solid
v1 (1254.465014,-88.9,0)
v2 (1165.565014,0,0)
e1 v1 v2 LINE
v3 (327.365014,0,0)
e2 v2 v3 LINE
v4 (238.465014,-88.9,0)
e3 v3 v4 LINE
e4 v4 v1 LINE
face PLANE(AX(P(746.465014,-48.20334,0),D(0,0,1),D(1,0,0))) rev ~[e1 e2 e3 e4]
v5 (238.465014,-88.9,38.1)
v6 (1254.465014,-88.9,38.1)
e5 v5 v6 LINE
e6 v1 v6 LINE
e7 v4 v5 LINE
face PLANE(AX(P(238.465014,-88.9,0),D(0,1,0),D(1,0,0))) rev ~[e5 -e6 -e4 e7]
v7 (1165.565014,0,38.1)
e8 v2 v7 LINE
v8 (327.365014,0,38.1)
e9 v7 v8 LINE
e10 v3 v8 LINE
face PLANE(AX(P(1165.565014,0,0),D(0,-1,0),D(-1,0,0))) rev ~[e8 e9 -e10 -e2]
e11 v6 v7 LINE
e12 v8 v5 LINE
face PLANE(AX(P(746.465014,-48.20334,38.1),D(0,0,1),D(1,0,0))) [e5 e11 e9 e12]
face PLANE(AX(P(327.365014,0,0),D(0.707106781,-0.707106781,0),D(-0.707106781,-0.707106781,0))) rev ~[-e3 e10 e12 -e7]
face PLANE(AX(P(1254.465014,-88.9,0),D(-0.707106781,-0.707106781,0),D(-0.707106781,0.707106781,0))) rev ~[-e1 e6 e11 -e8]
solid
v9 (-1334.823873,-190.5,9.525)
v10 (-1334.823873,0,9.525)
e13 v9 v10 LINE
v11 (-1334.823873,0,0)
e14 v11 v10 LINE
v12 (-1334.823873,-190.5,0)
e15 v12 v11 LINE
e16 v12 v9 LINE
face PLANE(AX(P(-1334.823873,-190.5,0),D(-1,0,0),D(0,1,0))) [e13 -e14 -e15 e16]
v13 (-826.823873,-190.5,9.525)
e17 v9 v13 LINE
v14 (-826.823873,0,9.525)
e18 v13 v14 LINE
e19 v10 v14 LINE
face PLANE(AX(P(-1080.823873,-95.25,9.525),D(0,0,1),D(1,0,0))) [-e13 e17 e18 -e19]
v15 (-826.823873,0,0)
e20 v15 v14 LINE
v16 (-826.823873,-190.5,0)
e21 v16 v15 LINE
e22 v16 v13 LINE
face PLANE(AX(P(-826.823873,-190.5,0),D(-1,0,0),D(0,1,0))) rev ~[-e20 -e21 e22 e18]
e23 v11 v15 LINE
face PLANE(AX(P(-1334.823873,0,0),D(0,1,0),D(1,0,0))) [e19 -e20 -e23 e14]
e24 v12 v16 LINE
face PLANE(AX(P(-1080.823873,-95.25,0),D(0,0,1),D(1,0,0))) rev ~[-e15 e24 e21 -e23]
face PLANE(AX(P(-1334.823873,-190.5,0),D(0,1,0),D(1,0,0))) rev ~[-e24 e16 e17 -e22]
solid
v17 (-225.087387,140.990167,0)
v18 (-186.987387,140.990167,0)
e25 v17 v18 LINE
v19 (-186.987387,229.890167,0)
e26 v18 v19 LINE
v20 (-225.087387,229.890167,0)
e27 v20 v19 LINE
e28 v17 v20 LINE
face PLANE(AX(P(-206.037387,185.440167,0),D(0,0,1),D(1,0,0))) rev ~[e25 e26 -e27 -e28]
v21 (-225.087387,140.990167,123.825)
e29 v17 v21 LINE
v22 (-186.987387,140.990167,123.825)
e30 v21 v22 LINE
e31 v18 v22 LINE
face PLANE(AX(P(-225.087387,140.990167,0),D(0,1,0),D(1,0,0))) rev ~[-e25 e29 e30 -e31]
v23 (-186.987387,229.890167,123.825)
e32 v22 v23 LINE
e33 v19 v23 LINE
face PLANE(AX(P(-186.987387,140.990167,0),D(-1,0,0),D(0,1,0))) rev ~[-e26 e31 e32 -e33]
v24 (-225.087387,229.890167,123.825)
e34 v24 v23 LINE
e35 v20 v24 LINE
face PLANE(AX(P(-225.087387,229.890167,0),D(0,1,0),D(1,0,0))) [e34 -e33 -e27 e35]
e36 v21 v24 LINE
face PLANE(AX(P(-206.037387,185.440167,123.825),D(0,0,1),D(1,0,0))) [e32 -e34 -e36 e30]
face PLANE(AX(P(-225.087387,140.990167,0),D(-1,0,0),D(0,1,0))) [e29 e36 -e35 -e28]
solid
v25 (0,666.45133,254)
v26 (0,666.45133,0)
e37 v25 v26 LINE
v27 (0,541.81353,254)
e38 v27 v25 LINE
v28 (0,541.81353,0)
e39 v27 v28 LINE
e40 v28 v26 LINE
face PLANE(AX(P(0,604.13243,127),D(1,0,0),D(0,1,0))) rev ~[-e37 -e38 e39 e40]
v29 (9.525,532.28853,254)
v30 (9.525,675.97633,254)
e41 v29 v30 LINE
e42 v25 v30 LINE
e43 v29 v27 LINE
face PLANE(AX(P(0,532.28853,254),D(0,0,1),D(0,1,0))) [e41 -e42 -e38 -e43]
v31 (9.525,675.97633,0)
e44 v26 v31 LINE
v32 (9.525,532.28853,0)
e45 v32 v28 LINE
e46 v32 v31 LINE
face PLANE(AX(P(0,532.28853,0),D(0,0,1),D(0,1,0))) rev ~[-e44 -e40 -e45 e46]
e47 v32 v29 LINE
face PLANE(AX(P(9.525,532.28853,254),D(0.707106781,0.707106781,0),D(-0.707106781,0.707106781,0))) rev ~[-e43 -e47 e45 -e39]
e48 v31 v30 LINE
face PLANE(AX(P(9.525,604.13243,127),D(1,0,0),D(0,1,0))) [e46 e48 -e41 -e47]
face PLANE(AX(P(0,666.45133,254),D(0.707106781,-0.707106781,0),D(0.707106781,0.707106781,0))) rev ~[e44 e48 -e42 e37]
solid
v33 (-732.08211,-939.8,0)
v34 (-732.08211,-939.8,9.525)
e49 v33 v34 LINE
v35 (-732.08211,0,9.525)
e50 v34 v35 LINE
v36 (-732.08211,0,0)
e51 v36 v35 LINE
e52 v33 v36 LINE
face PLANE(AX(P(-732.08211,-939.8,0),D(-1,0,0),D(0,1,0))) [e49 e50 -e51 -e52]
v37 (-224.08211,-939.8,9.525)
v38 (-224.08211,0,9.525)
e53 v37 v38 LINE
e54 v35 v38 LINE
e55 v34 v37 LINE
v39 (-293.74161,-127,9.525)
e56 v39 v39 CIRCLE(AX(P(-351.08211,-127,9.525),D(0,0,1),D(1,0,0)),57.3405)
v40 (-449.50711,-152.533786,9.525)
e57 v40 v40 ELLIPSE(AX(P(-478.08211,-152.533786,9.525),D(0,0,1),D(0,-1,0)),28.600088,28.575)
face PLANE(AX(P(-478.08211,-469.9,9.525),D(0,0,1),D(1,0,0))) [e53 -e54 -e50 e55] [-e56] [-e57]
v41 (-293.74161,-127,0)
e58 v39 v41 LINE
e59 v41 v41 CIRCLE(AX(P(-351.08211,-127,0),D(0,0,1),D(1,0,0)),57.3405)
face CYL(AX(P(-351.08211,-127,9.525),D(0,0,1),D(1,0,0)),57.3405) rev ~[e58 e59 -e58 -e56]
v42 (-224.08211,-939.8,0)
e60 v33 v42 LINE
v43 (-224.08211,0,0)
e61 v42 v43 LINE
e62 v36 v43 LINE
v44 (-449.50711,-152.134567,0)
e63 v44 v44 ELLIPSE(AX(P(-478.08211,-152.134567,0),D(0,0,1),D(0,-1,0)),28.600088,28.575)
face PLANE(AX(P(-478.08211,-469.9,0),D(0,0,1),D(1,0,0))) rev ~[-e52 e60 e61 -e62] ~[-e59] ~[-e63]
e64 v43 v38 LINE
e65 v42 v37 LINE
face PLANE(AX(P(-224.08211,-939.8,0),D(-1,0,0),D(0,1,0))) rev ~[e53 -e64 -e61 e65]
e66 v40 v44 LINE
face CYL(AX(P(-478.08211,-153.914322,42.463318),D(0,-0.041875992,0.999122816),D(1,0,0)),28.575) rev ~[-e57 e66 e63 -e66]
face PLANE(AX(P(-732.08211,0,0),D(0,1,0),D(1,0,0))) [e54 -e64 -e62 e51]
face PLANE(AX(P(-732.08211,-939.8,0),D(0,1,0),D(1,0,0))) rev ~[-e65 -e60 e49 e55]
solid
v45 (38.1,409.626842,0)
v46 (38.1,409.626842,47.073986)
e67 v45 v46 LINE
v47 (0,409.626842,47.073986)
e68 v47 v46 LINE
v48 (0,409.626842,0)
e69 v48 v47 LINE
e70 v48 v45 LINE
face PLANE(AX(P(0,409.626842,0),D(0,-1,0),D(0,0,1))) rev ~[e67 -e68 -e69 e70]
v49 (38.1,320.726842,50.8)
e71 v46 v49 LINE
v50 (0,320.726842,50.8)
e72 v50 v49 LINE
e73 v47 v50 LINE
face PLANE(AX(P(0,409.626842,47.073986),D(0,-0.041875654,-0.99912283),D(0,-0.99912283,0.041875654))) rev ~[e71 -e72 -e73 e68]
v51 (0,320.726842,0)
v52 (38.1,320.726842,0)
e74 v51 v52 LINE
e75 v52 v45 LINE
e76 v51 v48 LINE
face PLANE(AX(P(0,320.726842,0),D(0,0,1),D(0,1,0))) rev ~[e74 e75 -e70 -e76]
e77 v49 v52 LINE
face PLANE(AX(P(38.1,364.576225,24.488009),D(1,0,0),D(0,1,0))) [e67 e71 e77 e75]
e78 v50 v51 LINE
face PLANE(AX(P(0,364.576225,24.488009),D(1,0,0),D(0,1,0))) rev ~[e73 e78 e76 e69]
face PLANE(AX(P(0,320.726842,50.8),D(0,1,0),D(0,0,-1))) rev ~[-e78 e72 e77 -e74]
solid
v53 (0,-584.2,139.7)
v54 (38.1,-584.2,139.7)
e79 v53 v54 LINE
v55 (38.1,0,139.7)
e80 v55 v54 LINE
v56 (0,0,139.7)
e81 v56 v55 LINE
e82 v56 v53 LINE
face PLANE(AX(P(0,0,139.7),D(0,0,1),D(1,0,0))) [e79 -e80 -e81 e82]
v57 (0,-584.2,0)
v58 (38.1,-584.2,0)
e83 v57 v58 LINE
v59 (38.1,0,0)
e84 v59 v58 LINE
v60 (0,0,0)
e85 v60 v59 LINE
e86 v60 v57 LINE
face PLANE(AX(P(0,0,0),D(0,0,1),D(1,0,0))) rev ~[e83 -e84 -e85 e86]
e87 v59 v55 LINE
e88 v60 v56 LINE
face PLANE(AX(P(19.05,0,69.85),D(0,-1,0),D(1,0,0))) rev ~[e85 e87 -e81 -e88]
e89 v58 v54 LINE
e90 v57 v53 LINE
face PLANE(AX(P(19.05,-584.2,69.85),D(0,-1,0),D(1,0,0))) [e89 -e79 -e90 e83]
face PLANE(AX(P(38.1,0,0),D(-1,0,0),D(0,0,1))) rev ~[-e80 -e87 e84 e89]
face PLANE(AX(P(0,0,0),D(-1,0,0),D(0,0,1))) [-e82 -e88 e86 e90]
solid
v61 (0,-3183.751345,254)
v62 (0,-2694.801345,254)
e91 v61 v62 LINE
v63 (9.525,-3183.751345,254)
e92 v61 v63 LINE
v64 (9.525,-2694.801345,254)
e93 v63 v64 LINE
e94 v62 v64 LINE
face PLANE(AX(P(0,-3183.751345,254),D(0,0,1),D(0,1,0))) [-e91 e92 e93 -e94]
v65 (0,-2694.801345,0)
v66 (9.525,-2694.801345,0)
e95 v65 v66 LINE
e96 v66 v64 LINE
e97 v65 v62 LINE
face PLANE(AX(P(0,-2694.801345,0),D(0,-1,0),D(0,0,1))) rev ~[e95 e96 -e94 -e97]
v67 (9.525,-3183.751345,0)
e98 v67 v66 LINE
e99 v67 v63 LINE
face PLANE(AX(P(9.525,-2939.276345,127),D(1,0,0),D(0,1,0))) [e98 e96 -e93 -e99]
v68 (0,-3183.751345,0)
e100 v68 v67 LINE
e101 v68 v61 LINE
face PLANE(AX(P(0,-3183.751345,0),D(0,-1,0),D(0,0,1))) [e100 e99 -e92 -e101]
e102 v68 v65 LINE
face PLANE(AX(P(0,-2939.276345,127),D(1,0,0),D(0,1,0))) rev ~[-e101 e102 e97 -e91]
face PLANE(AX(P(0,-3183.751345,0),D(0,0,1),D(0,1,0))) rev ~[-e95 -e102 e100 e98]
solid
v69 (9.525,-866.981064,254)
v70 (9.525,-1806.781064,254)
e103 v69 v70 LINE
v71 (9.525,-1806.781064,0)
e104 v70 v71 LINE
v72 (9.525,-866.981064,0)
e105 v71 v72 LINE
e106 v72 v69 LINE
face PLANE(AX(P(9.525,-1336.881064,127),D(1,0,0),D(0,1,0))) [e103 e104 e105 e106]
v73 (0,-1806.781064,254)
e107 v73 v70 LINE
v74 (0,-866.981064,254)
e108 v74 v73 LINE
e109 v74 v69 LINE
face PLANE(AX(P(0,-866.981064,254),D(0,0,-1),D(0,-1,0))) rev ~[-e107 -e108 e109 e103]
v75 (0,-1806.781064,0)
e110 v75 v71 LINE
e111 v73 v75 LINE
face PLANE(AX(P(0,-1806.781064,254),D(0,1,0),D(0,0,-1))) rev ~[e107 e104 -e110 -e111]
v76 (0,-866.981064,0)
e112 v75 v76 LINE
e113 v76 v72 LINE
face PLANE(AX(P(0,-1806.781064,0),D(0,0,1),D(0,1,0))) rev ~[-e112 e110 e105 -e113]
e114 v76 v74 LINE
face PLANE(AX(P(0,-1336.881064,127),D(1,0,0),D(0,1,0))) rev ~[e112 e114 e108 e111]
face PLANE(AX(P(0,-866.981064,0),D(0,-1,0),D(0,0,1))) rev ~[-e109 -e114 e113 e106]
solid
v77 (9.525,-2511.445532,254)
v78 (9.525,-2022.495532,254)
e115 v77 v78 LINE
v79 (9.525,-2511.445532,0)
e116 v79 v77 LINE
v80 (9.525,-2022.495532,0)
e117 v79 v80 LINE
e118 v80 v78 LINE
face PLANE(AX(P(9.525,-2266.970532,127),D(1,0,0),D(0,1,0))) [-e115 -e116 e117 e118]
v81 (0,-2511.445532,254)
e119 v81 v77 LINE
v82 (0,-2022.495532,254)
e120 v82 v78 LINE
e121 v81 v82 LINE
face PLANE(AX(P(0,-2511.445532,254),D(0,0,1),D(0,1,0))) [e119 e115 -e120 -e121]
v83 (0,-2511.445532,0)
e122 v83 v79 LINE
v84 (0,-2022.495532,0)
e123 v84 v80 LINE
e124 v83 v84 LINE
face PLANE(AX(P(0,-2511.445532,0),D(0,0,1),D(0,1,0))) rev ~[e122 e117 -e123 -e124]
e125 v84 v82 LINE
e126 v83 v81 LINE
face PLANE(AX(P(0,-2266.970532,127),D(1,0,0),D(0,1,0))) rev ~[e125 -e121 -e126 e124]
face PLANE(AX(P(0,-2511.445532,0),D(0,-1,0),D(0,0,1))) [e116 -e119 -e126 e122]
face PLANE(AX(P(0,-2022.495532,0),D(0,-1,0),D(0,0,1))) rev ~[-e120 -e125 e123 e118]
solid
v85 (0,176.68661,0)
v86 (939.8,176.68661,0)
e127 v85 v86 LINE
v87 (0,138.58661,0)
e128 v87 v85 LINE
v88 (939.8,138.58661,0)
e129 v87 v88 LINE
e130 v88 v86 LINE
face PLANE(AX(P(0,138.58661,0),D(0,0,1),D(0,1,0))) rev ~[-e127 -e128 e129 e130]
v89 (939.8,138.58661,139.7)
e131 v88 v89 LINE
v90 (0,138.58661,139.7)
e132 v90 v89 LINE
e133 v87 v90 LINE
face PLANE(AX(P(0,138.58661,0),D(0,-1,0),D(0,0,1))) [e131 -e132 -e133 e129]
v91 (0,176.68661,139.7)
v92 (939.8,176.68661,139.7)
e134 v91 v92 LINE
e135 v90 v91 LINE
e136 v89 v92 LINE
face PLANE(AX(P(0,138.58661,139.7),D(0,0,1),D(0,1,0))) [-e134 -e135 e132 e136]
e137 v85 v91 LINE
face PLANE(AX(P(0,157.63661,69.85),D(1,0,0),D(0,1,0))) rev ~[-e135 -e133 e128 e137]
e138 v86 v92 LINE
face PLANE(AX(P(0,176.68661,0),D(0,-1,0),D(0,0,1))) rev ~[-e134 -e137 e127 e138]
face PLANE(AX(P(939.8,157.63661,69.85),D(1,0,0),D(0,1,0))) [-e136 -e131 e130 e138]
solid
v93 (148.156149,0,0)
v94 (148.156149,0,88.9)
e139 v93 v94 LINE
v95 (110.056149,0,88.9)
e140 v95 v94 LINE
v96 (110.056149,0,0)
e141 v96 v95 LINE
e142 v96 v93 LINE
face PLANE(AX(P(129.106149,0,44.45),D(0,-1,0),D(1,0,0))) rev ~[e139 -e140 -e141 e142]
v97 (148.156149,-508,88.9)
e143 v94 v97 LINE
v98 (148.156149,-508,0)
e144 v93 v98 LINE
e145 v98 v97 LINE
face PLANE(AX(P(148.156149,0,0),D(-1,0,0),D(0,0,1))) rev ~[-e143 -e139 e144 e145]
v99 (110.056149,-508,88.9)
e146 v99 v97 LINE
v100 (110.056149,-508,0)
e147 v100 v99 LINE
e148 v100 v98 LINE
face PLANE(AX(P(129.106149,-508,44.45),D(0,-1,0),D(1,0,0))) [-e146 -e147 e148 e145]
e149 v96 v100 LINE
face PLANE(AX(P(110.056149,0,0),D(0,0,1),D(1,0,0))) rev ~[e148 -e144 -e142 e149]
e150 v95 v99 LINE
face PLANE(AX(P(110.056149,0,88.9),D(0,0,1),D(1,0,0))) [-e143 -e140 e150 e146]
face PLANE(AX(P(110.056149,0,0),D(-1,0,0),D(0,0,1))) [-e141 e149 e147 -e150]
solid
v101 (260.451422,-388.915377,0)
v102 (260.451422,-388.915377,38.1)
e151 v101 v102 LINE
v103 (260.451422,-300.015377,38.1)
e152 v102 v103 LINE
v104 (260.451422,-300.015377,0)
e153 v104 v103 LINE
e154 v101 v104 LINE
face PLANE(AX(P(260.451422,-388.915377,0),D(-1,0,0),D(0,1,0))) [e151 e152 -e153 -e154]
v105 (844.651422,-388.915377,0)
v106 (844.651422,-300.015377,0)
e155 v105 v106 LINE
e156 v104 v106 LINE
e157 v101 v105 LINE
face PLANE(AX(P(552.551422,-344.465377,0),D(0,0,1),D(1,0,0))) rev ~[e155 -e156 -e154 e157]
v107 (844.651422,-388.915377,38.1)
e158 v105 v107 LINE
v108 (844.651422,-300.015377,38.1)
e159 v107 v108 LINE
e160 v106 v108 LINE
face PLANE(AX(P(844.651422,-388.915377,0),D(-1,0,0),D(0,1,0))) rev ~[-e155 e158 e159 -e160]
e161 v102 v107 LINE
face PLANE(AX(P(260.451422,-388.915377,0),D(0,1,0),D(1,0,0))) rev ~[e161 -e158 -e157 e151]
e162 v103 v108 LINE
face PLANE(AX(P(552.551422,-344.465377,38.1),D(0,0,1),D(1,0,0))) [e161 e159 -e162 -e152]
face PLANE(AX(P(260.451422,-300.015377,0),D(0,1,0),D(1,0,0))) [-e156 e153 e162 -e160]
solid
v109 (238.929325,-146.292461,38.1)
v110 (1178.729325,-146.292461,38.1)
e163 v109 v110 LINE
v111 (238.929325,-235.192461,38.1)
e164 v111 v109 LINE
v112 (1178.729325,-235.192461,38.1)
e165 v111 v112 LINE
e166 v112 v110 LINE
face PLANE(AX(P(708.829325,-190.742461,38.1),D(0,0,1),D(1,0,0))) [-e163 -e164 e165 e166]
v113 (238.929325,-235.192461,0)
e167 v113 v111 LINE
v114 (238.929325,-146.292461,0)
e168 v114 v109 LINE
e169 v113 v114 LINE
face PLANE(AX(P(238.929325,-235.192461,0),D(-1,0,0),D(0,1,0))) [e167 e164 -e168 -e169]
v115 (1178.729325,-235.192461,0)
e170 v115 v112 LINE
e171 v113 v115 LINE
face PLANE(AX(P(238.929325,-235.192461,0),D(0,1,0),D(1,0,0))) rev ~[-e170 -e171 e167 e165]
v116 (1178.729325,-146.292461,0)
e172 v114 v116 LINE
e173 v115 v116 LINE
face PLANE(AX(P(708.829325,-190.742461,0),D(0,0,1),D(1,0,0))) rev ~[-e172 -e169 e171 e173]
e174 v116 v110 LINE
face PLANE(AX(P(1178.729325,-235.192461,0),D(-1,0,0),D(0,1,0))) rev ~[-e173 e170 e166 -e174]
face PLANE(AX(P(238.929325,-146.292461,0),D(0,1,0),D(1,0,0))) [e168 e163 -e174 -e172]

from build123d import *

# Parameters (mm, degrees)
F0_W      = 38.1
F0_H      = 139.7
F1_DEPTH  = 584.2
F2_W      = 38.1
F2_H      = 139.7
F3_DEPTH  = 939.8
F4_W      = 38.1
F4_H      = 88.9
F5_DEPTH  = 508
F6_W      = 508
F6_H      = 939.8
F7_DEPTH  = 9.525
F8_W      = 508
F8_H      = 190.5
F9_DEPTH  = 9.525
F11_DEPTH = 9.525
F12_W     = 488.95
F12_H     = 254
F13_DEPTH = 9.525
F14_W     = 488.95
F14_H     = 254
F15_DEPTH = 9.525
F17_DEPTH = 38.1
F18_W     = 939.8
F18_H     = 88.9
F19_DEPTH = 38.1
F20_W     = 584.2
F20_H     = 88.9
F21_DEPTH = 38.1
F22_W     = 38.1
F22_H     = 88.9
F23_DEPTH = 123.825
F25_DEPTH = 38.1
F26_W     = 143.6878
F26_H     = 254
F27_DEPTH = 9.525
F29_DEPTH = 254
F31_R     = 28.575
F32_DEPTH = 76.2
F33_R     = 57.3405
F34_DEPTH = 25.4


with BuildPart() as f1:
    # F0 (on Front) → F1 (new body)
    with BuildSketch(Plane.XZ):
        with Locations((19.05, 69.85)):
            Rectangle(F0_W, F0_H)
    extrude(amount=F1_DEPTH)


with BuildPart() as f3:
    # F2 (on Right) → F3 (new body)
    with BuildSketch(Plane.YZ):
        with Locations((157.63661, 69.85)):
            Rectangle(F2_W, F2_H)
    extrude(amount=F3_DEPTH)


with BuildPart() as f5:
    # F4 (on Front) → F5 (new body)
    with BuildSketch(Plane.XZ):
        with Locations((129.106149, 44.45)):
            Rectangle(F4_W, F4_H)
    extrude(amount=F5_DEPTH)


with BuildPart() as f7:
    # F6 (on Top) → F7 (new body)
    with BuildSketch(Plane.XY):
        with Locations((-478.08211, -469.9)):
            Rectangle(F6_W, F6_H)
    extrude(amount=F7_DEPTH)

    # F31 (on face) → F32 (cut)
    with BuildSketch(Plane(origin=(0, -2.046521, 48.828516), x_dir=(1, 0, 0), z_dir=(0, -0.041876, 0.999123))):
        with Locations((-478.08211, -152.001134)):
            Circle(F31_R)
    extrude(amount=-F32_DEPTH, mode=Mode.SUBTRACT)

    # F33 (on face) → F34 (cut)
    with BuildSketch(Plane.XY.offset(9.525)):
        with Locations((-351.08211, -127)):
            Circle(F33_R)
    extrude(amount=-F34_DEPTH, mode=Mode.SUBTRACT)


with BuildPart() as f9:
    # F8 (on Top) → F9 (new body)
    with BuildSketch(Plane.XY):
        with Locations((-1080.823873, -95.25)):
            Rectangle(F8_W, F8_H)
    extrude(amount=F9_DEPTH)


with BuildPart() as f11:
    # F10 (on Right) → F11 (new body)
    with BuildSketch(Plane.YZ):
        Polygon((-1616.281064, 0), (-866.981064, 0), (-866.981064, 254), (-1806.781064, 254), (-1806.781064, 0), align=None)
    extrude(amount=F11_DEPTH)


with BuildPart() as f13:
    # F12 (on Right) → F13 (new body)
    with BuildSketch(Plane.YZ):
        with Locations((-2266.970532, 127)):
            Rectangle(F12_W, F12_H)
    extrude(amount=F13_DEPTH)


with BuildPart() as f15:
    # F14 (on Right) → F15 (new body)
    with BuildSketch(Plane.YZ):
        with Locations((-2939.276345, 127)):
            Rectangle(F14_W, F14_H)
    extrude(amount=F15_DEPTH)


with BuildPart() as f17:
    # F16 (on Top) → F17 (new body)
    with BuildSketch(Plane.XY):
        Polygon((1165.565014, 0), (327.365014, 0), (238.465014, -88.9), (1254.465014, -88.9), align=None)
    extrude(amount=F17_DEPTH)


with BuildPart() as f19:
    # F18 (on Top) → F19 (new body)
    with BuildSketch(Plane.XY):
        with Locations((708.829325, -190.742461)):
            Rectangle(F18_W, F18_H)
    extrude(amount=F19_DEPTH)


with BuildPart() as f21:
    # F20 (on Top) → F21 (new body)
    with BuildSketch(Plane.XY):
        with Locations((552.551422, -344.465377)):
            Rectangle(F20_W, F20_H)
    extrude(amount=F21_DEPTH)


with BuildPart() as f23:
    # F22 (on Top) → F23 (new body)
    with BuildSketch(Plane.XY):
        with Locations((-206.037387, 185.440167)):
            Rectangle(F22_W, F22_H)
    extrude(amount=F23_DEPTH)


with BuildPart() as f25:
    # F24 (on Right) → F25 (new body)
    with BuildSketch(Plane.YZ):
        Polygon((320.726842, 50.8), (320.726842, 0), (409.626842, 0), (409.626842, 47.073986), align=None)
    extrude(amount=F25_DEPTH)


with BuildPart() as f27:
    # F26 (on Right) → F27 (new body)
    with BuildSketch(Plane.YZ):
        with Locations((604.13243, 127)):
            Rectangle(F26_W, F26_H)
    extrude(amount=F27_DEPTH)

    # F28 (on face) → F29 (cut)
    with BuildSketch(Plane.XY.offset(254)):
        Polygon((0, 666.45133), (9.525, 675.97633), (0, 675.97633), align=None)
        Polygon((0, 532.28853), (9.525, 532.28853), (0, 541.81353), align=None)
    extrude(amount=-F29_DEPTH, mode=Mode.SUBTRACT)


solid = Compound([f1.part, f3.part, f5.part, f7.part, f9.part, f11.part, f13.part, f15.part, f17.part, f19.part, f21.part, f23.part, f25.part, f27.part])
